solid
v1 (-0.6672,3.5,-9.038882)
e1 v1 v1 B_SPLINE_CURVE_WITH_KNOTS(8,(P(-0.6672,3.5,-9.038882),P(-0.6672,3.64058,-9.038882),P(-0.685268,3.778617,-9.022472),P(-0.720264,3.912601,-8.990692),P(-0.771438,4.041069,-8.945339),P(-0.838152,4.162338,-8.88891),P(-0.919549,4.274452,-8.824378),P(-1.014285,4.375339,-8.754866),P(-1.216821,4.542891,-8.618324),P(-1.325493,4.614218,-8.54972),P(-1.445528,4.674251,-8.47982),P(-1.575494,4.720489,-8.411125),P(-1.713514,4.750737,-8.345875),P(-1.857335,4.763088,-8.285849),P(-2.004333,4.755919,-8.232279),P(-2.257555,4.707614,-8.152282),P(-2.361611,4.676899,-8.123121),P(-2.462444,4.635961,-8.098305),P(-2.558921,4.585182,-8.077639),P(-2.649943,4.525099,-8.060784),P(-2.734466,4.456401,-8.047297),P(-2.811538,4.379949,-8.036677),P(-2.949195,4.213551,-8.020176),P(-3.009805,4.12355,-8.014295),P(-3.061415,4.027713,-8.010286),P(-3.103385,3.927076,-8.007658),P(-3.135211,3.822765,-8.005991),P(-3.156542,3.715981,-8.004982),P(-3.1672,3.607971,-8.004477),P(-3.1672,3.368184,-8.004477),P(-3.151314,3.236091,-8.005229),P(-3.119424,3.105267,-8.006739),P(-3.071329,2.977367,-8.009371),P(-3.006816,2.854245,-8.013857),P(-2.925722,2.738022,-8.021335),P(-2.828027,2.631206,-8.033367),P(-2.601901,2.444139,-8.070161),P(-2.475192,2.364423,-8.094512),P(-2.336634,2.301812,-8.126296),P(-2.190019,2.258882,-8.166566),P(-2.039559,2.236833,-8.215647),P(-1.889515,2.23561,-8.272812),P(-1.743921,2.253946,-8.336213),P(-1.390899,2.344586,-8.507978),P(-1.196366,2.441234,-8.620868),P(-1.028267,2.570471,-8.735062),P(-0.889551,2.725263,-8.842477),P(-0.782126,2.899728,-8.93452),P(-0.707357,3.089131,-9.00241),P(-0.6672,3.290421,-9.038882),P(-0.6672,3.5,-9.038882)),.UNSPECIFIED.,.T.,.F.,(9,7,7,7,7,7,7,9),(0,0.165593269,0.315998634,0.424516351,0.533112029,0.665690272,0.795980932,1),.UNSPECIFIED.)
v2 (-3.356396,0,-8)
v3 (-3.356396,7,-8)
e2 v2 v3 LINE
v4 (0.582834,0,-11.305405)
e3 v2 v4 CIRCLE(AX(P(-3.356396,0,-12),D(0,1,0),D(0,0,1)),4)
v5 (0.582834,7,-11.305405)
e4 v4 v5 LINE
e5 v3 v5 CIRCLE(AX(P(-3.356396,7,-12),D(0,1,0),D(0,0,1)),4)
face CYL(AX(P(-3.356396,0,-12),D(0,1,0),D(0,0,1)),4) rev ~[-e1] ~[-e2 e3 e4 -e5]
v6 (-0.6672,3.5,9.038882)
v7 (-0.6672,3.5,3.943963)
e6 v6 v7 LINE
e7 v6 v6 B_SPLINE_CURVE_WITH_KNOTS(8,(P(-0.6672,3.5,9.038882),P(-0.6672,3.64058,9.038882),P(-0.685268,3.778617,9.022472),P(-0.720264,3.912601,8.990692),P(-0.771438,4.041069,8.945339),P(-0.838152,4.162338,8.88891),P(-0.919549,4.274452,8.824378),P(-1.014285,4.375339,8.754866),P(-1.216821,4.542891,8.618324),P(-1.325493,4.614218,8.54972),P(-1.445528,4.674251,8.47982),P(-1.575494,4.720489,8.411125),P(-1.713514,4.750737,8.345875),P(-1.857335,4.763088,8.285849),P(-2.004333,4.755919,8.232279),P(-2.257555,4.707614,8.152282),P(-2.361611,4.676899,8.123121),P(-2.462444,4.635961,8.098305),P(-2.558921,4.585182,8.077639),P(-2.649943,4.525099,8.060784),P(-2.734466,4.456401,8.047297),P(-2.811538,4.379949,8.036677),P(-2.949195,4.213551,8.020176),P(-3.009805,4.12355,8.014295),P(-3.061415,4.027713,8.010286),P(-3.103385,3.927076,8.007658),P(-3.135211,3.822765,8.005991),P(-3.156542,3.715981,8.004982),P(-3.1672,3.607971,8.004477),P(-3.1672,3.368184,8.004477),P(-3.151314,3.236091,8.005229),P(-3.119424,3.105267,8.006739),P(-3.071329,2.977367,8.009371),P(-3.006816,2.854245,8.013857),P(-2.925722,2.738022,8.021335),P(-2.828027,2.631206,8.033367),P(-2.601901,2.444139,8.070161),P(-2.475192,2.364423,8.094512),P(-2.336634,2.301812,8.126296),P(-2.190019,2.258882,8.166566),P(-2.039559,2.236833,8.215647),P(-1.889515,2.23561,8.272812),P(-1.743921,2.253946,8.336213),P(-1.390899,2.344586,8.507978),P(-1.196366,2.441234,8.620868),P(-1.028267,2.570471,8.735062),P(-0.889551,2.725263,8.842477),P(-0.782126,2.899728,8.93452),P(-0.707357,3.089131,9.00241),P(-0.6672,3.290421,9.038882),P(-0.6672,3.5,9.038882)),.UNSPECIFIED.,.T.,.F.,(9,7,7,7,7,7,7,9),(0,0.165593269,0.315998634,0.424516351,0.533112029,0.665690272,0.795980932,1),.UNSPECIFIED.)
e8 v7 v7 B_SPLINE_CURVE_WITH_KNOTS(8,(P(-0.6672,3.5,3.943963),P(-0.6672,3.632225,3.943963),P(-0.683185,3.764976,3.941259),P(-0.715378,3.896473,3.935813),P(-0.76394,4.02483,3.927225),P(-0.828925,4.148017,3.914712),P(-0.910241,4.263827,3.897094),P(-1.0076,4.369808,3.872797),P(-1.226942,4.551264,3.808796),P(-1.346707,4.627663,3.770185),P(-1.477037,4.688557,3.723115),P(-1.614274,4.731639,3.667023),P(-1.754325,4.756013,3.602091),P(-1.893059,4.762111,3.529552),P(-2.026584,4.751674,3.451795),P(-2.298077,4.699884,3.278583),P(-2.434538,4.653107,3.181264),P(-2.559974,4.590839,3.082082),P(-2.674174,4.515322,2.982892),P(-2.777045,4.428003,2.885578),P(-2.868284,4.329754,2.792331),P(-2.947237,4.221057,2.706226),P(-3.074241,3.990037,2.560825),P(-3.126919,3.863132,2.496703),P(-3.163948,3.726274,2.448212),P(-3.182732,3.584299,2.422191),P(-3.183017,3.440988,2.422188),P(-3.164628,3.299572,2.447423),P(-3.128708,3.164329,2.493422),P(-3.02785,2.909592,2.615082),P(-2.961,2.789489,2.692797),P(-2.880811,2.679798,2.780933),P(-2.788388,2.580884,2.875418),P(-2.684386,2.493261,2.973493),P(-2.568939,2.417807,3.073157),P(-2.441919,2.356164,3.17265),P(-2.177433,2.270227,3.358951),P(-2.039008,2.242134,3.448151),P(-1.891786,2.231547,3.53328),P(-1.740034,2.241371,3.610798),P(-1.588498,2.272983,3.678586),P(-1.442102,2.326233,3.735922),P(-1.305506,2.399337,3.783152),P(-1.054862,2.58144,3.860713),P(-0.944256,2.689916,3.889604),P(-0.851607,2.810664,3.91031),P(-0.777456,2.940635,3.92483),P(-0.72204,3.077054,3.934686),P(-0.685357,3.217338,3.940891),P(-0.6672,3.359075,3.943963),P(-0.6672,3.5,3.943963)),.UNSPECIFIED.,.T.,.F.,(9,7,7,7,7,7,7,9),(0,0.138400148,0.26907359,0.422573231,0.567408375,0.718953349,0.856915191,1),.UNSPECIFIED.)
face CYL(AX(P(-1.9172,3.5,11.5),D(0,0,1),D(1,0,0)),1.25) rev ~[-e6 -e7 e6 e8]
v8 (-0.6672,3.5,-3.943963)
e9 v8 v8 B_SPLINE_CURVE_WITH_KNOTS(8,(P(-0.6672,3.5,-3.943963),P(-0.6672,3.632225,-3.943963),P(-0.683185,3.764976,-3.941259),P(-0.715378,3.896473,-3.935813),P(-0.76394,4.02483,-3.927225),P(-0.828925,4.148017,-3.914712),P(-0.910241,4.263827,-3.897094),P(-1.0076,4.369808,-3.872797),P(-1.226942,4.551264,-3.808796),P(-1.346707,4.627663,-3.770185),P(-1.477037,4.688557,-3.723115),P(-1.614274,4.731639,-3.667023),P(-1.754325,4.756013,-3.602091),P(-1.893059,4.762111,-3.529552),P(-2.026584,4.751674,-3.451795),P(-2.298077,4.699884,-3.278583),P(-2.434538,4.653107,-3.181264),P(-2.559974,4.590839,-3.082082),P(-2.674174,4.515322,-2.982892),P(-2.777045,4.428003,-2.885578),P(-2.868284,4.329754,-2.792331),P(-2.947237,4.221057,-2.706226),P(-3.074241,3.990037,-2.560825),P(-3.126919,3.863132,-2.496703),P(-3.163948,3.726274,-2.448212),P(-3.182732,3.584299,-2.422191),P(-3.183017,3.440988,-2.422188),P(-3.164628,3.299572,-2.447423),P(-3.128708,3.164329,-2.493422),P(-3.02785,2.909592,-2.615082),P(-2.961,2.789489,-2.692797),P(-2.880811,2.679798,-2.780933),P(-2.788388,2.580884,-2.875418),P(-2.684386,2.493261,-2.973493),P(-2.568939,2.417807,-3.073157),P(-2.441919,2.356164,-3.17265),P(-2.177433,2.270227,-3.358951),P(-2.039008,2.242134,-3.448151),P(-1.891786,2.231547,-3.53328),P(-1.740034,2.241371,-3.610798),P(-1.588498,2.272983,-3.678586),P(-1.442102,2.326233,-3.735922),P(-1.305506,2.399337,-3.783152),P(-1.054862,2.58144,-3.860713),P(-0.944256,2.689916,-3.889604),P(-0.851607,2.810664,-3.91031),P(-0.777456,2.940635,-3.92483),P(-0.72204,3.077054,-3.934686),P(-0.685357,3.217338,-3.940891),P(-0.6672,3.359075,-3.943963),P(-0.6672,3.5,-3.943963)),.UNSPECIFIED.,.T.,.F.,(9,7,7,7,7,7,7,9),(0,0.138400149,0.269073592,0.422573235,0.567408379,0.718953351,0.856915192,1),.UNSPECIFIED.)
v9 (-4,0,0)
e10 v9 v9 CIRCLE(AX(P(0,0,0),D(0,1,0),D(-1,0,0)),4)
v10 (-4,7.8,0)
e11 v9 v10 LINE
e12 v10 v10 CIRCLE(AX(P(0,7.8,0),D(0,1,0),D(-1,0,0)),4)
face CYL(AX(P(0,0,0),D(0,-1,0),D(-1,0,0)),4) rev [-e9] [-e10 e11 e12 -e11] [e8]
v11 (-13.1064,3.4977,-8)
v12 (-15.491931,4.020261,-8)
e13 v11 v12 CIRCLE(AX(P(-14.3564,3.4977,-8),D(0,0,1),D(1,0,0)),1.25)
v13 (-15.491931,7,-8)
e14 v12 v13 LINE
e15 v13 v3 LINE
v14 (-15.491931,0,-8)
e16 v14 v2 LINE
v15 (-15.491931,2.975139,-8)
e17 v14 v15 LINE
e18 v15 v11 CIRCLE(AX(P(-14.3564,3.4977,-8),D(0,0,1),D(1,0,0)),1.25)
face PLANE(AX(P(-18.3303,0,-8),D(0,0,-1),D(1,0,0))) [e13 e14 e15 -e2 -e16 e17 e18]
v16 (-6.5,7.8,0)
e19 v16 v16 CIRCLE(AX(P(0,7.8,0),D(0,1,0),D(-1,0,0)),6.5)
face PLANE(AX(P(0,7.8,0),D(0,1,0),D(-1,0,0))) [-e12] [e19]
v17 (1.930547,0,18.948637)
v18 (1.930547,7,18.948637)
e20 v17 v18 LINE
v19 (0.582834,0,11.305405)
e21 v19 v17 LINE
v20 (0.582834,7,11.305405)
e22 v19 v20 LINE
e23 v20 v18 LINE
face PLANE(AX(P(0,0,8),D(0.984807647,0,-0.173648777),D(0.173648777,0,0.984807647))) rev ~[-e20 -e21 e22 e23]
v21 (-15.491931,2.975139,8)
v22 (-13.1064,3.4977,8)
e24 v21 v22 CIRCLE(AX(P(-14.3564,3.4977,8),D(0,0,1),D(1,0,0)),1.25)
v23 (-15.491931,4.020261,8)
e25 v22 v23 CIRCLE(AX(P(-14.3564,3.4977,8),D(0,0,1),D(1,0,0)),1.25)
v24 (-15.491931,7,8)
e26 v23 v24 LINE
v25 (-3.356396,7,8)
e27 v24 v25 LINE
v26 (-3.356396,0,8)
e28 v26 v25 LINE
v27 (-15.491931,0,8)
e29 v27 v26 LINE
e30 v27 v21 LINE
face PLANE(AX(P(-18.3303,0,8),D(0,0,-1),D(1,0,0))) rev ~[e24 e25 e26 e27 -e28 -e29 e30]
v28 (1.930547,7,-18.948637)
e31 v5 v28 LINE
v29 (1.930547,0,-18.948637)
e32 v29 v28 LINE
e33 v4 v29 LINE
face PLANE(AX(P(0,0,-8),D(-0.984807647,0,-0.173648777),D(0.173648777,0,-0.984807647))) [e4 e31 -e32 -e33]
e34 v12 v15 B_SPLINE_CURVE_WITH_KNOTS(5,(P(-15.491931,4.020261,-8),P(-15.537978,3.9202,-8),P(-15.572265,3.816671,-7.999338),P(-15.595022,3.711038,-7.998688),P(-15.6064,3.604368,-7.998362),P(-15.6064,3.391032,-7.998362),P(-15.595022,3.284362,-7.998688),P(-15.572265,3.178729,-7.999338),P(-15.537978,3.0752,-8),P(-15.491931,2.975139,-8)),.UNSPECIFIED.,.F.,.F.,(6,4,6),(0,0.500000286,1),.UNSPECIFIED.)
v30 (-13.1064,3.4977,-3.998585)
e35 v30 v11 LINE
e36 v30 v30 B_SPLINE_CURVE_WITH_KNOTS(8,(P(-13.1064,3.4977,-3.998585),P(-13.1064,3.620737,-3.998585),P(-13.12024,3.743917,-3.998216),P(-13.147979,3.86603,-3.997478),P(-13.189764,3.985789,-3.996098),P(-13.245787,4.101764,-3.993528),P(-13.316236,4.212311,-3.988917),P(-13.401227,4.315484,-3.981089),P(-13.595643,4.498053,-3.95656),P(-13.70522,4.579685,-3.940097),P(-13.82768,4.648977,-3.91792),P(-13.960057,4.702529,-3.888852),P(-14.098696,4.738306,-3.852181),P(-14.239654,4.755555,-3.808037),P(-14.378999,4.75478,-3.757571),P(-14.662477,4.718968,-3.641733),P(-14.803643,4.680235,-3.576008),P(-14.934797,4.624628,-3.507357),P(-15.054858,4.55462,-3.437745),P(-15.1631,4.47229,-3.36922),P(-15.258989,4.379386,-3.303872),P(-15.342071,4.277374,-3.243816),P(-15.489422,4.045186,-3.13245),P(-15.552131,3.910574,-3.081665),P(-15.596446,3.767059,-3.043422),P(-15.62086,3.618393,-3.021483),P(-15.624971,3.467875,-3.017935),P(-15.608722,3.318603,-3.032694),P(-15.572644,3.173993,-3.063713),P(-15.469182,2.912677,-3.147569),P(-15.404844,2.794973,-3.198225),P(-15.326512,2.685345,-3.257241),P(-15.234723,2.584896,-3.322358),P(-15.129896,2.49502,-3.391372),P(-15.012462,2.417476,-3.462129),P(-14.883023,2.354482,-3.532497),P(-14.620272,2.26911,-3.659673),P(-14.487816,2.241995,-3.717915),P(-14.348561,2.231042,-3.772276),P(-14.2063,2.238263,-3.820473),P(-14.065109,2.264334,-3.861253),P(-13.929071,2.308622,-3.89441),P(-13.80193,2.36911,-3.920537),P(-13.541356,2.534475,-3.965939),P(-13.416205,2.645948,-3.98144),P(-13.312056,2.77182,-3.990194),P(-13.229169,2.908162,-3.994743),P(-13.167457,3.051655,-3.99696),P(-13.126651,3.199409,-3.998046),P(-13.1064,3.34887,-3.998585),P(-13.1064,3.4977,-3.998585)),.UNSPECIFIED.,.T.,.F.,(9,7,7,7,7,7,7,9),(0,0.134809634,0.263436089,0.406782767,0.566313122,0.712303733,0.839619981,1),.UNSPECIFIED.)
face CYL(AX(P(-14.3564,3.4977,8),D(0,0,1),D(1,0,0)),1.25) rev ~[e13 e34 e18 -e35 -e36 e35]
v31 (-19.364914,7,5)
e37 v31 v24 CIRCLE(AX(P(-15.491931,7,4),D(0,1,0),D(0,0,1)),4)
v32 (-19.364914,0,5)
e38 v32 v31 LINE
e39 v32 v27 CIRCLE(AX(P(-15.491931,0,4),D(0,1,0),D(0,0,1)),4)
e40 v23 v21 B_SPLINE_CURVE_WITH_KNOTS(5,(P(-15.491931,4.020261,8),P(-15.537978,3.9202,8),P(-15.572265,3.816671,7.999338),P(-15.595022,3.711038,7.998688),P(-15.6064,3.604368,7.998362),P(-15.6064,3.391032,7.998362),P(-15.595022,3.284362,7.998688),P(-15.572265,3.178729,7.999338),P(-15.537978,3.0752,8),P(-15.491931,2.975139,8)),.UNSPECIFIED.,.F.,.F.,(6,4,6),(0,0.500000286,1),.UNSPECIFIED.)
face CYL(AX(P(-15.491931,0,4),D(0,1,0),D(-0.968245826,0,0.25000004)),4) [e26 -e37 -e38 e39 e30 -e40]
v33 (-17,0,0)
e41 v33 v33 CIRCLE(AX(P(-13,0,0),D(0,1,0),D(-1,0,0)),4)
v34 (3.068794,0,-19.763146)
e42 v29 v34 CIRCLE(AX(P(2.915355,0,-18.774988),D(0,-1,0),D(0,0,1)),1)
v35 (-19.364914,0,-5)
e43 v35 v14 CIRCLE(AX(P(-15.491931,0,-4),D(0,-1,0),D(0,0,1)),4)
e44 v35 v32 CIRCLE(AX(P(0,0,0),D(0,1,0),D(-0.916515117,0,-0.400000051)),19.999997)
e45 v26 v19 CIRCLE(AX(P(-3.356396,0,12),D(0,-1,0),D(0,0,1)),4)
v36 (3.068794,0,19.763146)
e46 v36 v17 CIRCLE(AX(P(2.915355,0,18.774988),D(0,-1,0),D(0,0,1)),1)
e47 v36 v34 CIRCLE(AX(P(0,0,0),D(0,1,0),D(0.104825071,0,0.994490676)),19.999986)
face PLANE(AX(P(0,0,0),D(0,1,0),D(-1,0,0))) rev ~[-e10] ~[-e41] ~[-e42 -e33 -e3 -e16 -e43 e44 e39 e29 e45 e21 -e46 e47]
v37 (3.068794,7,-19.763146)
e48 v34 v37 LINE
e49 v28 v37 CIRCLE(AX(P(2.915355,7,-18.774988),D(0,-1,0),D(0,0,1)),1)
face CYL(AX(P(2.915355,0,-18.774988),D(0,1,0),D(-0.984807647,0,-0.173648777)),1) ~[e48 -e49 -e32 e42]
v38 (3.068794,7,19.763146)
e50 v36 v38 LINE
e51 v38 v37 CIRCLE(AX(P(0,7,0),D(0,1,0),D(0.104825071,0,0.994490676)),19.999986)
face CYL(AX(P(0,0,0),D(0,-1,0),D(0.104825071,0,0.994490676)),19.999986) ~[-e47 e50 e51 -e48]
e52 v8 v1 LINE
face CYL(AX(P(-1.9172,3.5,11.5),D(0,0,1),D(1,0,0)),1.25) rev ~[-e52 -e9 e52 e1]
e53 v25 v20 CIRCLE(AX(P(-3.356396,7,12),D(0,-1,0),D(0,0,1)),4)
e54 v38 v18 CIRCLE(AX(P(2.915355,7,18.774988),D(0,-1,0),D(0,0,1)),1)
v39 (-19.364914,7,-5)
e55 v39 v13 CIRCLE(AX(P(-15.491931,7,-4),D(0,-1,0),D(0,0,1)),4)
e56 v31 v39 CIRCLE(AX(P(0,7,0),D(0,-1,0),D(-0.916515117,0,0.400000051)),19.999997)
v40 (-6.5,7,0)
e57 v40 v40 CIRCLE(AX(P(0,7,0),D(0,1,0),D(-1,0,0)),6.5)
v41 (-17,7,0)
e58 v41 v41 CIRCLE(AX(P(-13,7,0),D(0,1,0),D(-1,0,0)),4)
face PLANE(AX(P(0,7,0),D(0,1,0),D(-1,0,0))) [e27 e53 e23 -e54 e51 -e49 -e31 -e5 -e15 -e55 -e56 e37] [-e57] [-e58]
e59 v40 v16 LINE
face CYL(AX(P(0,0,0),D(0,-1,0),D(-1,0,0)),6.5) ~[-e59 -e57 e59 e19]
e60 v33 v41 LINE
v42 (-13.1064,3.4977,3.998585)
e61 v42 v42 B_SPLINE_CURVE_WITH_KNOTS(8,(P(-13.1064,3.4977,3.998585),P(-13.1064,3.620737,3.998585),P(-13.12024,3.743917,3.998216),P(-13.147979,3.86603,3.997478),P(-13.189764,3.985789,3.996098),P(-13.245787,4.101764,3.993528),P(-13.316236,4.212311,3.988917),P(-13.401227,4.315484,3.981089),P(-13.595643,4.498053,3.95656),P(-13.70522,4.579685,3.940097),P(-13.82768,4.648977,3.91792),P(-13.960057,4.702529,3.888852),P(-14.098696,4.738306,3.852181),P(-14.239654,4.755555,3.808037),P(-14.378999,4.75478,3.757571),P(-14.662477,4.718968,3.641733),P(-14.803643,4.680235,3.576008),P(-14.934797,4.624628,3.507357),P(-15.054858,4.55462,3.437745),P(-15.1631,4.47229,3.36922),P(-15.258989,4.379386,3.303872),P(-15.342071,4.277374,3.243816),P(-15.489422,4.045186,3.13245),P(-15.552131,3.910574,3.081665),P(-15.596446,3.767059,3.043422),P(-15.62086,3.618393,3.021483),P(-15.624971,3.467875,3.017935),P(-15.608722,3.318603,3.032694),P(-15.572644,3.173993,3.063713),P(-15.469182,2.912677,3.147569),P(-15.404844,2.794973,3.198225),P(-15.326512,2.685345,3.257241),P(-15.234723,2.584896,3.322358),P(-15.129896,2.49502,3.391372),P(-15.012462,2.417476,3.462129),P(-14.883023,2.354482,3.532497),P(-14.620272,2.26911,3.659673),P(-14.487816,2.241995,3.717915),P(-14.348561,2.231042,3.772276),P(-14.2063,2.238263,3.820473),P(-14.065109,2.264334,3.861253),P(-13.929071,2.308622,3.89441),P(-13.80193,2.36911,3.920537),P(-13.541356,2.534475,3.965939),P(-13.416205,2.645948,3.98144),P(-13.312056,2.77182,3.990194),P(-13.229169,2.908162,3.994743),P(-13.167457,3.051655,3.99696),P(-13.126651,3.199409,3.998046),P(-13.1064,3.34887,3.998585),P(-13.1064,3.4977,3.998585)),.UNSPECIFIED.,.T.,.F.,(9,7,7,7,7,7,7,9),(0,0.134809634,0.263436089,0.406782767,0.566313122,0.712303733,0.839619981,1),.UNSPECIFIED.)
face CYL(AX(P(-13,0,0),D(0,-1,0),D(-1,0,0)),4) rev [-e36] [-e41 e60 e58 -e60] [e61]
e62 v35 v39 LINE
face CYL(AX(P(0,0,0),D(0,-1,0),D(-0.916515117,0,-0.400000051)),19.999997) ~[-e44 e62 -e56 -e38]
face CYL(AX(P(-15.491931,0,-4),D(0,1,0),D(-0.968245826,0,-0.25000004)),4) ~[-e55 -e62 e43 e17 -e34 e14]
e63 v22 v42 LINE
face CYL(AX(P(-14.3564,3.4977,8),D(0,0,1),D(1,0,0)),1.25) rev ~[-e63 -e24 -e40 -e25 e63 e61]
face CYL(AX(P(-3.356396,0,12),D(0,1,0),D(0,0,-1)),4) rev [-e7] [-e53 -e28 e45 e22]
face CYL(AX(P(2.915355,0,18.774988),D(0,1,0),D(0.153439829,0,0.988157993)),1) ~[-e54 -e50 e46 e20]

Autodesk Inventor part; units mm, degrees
ref_plane "XZ Plane" through (0, 0, 0) normal (0, 1, 0) x (-1, 0, 0)
sketch "Sketch1" plane through (0, 0, 0) normal (0, 1, 0) x (-1, 0, 0)
  line L0 (20, 0) -> (20, -8) construction
  line L1 (20, -8) -> (20, 8)
  line L2 (20, 8) -> (0, 8)
  line L3 (20, -8) -> (0, -8)
  line L4 (0, -8) -> (-2.0965, -19.8898)
  line L5 (0, 8) -> (-2.0965, 19.8898)
  arc A0 (-2.0965, 19.8898) -> (-2.0965, -19.8898) centre (0, 0) ccw construction
  arc A1 (18.3303, -8) -> (18.3303, 8) centre (0, 0) ccw construction
  arc A2 (-2.0965, 19.8898) -> (-2.0965, -19.8898) centre (0, 0) ccw
  arc A3 (18.3303, -8) -> (18.3303, 8) centre (0, 0) ccw
  circle A4 centre (0, 0) radius 20 construction
  circle A5 centre (13, 0) radius 4
  circle A6 centre (0, 0) radius 4
  circle A7 centre (0, 0) radius 6.5
  dimension "d1" = 8
  dimension "d2" = 16
  dimension "d3" = 20
  dimension "d4" = 20
  dimension "d5" = 100
  dimension "d6" = 100
  dimension "d7" = 40
  dimension "d8" = 20
  dimension "d10" = 8
  dimension "d14" = 8
  dimension "d15" = 13
  dimension "d16" = 13
  dimension "d21" = 7
extrude "Extrusion4" add sketch "Sketch1" along normal blind 7 contours A3 L3 L4 A2 L5 L2
extrude "Extrusion5" add sketch "Sketch1" along normal blind 7.8 contours A7
fillet "Fillet1" radius 4 1 edges at (-18.3303, 3.5, 8)
fillet "Fillet2" radius 4 1 edges at (-18.3303, 3.5, -8)
fillet "Fillet3" radius 4 2 edges at (0, 3.5, -8) (0, 3.5, 8)
fillet "Fillet4" radius 1 2 edges at (2.0965, 3.5, 19.8898) (2.0965, 3.5, -19.8898)
ref_plane "Work Plane1" through (0, 0, 0) normal (0, -1, 0) x (1, 0, 0)
sketch "Sketch3" plane through (-15.4919, 0, 8) normal (0, 0, 1) x (1, 0, 0)
  line L0 (6.4919, 0) -> (-1.5081, 0) projected
  line L1 (0, 7) -> (12.1355, 7) projected
  line L2 (-3.873, 7) -> (0, 7) projected
  line L3 (0, 0) -> (-3.873, 0) projected
  line L4 (-1.5081, 7) -> (6.4919, 7) projected
  line L5 (6.4919, 0) -> (-1.5081, 0) projected
  line L6 (19.4919, 0) -> (11.4919, 0) projected
  line L7 (6.4919, 0) -> (-1.5081, 0) projected
  line L8 (18.5607, 0) -> (17.4225, 0) projected
  line L9 (18.5607, 0) -> (18.5607, 0) projected
  line L10 (17.4225, 0) -> (18.5607, 0) projected
  line L11 (16.0748, 0) -> (17.4225, 0) projected
  line L12 (12.1355, 0) -> (16.0748, 0) projected
  line L13 (0, 0) -> (12.1355, 0) projected
  line L14 (-3.873, 0) -> (0, 0) projected
  line L15 (-3.873, 0) -> (-3.873, 0) projected
  line L16 (0, 0) -> (-3.873, 0) projected
  line L17 (12.1355, 0) -> (0, 0) projected
  line L18 (16.0748, 0) -> (12.1355, 0) projected
  line L19 (17.4225, 0) -> (16.0748, 0) projected
  circle A0 centre (1.1355, 3.4977) radius 1.25
  line L20 (12.1355, 7) -> (12.1355, 0) projected
  point P0 (15.4919, 0)
  dimension "d33" = 2.5
  dimension "d34" = 11
  dimension "d35" = 3.4977
extrude "Extrusion6" cut sketch "Sketch3" against normal through all
ref_plane "Work Plane2" through (0, 0, 11.5) normal (0, 0, 1) x (1, 0, 0)
sketch "Sketch5" plane through (0, 0, 11.5) normal (0, 0, 1) x (1, 0, 0)
  line L0 (0.5828, 0) -> (0.5828, 7) projected
  line L1 (0.5828, 0) -> (1.9305, 0) construction
  line L2 (0.5828, 0) -> (-4.4172, 0) construction
  line L3 (-4.4172, 0) -> (-4.4172, 7) construction
  line L4 (-4.4172, 7) -> (0.5828, 7) construction
  line L5 (-4.4172, 0) -> (-4.4172, 3.5) construction
  line L6 (-4.4172, 7) -> (-1.9172, 7) construction
  circle A0 centre (-1.9172, 3.5) radius 1.25
  point P0 (0, 0)
  dimension "d45" = 5
  dimension "d46" = 7
  dimension "d47" = 5
  dimension "d48" = 3.5
  dimension "d50" = 2.5
extrude "Extrusion7" cut sketch "Sketch5" against normal through all
properties part number "reverse gear crankshaft counter weight 2"
